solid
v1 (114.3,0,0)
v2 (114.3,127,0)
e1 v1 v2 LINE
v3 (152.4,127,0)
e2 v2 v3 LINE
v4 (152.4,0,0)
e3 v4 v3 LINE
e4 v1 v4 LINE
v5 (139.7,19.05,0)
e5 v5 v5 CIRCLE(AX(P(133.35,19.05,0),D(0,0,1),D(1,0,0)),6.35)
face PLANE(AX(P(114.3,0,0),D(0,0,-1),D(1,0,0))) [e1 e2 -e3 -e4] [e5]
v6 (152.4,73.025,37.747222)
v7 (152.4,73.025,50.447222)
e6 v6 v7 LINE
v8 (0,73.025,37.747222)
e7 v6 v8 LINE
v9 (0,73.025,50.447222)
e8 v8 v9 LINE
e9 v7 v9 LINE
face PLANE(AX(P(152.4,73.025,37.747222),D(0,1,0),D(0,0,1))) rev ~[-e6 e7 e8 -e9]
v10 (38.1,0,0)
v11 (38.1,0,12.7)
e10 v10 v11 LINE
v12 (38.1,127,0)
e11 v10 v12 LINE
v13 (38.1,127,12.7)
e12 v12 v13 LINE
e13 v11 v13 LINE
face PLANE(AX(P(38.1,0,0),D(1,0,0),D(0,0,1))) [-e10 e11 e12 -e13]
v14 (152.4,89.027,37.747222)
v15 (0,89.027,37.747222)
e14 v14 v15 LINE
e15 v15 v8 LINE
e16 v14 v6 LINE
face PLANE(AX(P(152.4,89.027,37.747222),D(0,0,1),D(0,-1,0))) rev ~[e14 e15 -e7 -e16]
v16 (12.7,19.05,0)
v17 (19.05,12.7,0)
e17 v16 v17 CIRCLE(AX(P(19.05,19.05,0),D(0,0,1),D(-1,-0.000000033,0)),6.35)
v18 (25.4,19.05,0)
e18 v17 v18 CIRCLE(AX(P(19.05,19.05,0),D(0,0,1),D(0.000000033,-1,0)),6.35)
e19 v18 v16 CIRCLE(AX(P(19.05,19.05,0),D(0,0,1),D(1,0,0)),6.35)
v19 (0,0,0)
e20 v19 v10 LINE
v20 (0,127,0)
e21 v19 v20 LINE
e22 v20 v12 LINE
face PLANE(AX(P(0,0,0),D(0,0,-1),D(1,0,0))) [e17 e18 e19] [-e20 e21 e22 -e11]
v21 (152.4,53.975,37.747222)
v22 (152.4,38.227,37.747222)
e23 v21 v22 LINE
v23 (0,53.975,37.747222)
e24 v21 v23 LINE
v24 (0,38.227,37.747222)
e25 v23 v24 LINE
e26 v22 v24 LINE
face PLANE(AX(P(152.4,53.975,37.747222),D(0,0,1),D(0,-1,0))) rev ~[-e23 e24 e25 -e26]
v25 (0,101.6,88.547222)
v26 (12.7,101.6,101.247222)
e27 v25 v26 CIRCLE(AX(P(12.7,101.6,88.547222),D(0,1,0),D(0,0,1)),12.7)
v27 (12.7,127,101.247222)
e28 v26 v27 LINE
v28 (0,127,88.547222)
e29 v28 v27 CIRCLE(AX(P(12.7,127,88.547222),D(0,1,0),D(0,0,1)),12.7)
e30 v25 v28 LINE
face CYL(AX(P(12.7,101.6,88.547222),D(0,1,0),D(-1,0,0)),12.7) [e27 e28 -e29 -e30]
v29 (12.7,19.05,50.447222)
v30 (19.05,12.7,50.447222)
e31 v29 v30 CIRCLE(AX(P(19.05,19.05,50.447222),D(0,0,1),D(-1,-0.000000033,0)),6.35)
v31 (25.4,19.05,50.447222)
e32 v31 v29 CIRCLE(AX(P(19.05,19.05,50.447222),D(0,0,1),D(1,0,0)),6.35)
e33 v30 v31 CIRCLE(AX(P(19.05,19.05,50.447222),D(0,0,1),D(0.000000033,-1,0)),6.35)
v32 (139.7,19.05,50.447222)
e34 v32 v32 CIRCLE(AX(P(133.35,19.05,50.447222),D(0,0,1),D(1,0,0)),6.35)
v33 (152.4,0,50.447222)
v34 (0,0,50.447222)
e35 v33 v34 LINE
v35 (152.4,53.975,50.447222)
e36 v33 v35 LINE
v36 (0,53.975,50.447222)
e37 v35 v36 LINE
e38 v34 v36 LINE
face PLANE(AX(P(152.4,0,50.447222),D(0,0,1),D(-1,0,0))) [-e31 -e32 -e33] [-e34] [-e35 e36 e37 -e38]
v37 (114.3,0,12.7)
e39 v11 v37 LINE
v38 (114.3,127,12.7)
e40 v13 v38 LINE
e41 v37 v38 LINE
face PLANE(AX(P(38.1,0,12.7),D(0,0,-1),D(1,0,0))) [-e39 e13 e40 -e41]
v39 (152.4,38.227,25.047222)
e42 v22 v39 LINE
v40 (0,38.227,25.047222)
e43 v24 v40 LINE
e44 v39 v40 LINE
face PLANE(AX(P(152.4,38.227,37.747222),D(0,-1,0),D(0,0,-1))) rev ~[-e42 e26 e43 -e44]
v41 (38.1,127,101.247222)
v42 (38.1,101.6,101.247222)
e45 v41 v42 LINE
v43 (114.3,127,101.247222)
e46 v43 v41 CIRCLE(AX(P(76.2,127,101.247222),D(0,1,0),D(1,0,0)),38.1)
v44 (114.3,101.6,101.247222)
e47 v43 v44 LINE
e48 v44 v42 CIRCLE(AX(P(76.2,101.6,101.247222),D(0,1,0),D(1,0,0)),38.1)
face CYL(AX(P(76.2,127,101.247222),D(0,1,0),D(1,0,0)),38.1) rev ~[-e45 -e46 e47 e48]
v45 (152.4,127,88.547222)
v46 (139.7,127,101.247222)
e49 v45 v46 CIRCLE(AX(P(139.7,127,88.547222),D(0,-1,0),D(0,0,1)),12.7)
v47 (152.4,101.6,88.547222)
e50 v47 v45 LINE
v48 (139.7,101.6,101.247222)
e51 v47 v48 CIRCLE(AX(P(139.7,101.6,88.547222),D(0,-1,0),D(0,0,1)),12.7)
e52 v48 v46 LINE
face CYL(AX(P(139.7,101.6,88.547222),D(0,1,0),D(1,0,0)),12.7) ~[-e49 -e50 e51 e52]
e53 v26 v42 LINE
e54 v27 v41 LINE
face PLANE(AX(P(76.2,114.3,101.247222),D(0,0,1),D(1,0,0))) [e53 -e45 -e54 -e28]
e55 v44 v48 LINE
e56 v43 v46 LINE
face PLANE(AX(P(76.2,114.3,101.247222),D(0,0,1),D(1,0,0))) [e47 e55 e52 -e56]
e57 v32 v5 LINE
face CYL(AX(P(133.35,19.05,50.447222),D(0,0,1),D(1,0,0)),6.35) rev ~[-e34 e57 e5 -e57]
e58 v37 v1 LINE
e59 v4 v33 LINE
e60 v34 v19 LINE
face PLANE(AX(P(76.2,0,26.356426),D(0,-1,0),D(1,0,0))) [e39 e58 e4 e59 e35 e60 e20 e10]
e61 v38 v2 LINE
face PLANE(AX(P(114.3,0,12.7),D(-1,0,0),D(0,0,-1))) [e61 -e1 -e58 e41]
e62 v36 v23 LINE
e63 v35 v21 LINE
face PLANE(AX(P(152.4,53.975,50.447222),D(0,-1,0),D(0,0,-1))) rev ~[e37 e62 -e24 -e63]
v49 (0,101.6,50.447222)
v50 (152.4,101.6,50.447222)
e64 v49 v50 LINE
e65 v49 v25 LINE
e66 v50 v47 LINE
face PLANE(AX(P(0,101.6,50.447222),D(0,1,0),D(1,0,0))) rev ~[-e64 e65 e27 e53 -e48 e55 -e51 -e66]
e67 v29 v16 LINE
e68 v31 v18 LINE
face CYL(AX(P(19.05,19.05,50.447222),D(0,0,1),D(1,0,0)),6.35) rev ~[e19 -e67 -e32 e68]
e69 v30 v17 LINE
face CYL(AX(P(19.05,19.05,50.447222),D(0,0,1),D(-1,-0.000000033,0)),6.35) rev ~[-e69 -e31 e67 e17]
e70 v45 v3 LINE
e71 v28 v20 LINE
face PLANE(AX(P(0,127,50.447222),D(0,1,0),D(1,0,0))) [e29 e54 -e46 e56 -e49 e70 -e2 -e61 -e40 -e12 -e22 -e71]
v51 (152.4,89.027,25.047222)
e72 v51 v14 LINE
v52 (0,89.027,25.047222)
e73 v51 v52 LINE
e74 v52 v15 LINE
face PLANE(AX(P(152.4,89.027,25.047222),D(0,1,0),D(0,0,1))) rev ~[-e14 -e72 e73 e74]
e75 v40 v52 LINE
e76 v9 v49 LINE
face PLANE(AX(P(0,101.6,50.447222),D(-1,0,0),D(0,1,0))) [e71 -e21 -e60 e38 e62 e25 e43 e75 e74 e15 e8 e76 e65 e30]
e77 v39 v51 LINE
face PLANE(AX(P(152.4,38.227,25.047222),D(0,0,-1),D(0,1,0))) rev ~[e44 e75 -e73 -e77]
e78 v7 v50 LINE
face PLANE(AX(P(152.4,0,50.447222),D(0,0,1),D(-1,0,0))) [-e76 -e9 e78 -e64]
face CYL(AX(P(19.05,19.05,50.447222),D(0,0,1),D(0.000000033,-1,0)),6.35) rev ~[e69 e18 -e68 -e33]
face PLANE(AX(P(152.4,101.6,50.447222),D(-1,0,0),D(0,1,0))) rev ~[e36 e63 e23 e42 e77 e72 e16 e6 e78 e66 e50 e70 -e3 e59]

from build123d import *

# Parameters (mm, degrees)
F1_DEPTH  = 127
F3_DEPTH  = 152.4
F4_W      = 152.4
F4_H      = 25.4
F5_DEPTH  = 50.8
F8_DEPTH  = 25.4
F9_R      = 12.7
F10_R     = 6.35
F11_DEPTH = 50.447222


with BuildPart() as f1:
    # F0 (on Front) → F1 (new body)
    with BuildSketch(Plane.XZ):
        Polygon((0, 50.447222), (0, 0), (38.1, 0), (38.1, 12.7), (114.3, 12.7), (114.3, 0), (152.4, 0), (152.4, 50.447222), align=None)
    extrude(amount=-F1_DEPTH)

    # F2 (on face) → F3 (cut, through all)
    with BuildSketch(Plane.YZ.offset(152.4)):
        Polygon((73.025, 50.447222), (53.975, 50.447222), (53.975, 37.747222), (38.227, 37.747222), (38.227, 25.047222), (89.027, 25.047222), (89.027, 37.747222), (73.025, 37.747222), align=None)
    extrude(amount=-F3_DEPTH, mode=Mode.SUBTRACT)

    # F4 (on face) → F5 (join)
    with BuildSketch(Plane.XY.offset(50.447222)):
        with Locations((76.2, 114.3)):
            Rectangle(F4_W, F4_H)
    extrude(amount=F5_DEPTH)

    # F7 (on face) → F8 (cut, through all)
    with BuildSketch(Plane(origin=(0, 127, 0), x_dir=(-1, 0, 0), z_dir=(0, 1, 0))):
        with BuildLine():
            Line((-76.2, 101.247222), (-114.3, 101.247222))
            ThreePointArc((-114.3, 101.247222), (-76.2, 63.147222), (-38.1, 101.247222))
            Line((-38.1, 101.247222), (-76.2, 101.247222))
        make_face()
    extrude(amount=-F8_DEPTH, mode=Mode.SUBTRACT)

    # F9
    f9_edges = [f1.edges().sort_by_distance(p)[0] for p in [
        (152.4, 114.3, 101.247222),
        (0, 114.3, 101.247222),
    ]]
    fillet(f9_edges, radius=F9_R)

    # F10 (on face) → F11 (cut, through all)
    with BuildSketch(Plane.XY.offset(50.447222)):
        with BuildLine():
            Line((19.05, 19.05), (19.05, 12.7))
            ThreePointArc((19.05, 12.7), (23.540128, 14.559872), (25.4, 19.05))
            ThreePointArc((25.4, 19.05), (19.05, 25.4), (12.7, 19.05))
            Line((12.7, 19.05), (19.05, 19.05))
        make_face()
        with BuildLine():
            ThreePointArc((12.7, 19.05), (14.559872, 14.559872), (19.05, 12.7))
            Line((19.05, 12.7), (19.05, 19.05))
            Line((19.05, 19.05), (12.7, 19.05))
        make_face()
        with Locations((133.35, 19.05)):
            Circle(F10_R)
    extrude(amount=-F11_DEPTH, mode=Mode.SUBTRACT)


solid = f1.part
